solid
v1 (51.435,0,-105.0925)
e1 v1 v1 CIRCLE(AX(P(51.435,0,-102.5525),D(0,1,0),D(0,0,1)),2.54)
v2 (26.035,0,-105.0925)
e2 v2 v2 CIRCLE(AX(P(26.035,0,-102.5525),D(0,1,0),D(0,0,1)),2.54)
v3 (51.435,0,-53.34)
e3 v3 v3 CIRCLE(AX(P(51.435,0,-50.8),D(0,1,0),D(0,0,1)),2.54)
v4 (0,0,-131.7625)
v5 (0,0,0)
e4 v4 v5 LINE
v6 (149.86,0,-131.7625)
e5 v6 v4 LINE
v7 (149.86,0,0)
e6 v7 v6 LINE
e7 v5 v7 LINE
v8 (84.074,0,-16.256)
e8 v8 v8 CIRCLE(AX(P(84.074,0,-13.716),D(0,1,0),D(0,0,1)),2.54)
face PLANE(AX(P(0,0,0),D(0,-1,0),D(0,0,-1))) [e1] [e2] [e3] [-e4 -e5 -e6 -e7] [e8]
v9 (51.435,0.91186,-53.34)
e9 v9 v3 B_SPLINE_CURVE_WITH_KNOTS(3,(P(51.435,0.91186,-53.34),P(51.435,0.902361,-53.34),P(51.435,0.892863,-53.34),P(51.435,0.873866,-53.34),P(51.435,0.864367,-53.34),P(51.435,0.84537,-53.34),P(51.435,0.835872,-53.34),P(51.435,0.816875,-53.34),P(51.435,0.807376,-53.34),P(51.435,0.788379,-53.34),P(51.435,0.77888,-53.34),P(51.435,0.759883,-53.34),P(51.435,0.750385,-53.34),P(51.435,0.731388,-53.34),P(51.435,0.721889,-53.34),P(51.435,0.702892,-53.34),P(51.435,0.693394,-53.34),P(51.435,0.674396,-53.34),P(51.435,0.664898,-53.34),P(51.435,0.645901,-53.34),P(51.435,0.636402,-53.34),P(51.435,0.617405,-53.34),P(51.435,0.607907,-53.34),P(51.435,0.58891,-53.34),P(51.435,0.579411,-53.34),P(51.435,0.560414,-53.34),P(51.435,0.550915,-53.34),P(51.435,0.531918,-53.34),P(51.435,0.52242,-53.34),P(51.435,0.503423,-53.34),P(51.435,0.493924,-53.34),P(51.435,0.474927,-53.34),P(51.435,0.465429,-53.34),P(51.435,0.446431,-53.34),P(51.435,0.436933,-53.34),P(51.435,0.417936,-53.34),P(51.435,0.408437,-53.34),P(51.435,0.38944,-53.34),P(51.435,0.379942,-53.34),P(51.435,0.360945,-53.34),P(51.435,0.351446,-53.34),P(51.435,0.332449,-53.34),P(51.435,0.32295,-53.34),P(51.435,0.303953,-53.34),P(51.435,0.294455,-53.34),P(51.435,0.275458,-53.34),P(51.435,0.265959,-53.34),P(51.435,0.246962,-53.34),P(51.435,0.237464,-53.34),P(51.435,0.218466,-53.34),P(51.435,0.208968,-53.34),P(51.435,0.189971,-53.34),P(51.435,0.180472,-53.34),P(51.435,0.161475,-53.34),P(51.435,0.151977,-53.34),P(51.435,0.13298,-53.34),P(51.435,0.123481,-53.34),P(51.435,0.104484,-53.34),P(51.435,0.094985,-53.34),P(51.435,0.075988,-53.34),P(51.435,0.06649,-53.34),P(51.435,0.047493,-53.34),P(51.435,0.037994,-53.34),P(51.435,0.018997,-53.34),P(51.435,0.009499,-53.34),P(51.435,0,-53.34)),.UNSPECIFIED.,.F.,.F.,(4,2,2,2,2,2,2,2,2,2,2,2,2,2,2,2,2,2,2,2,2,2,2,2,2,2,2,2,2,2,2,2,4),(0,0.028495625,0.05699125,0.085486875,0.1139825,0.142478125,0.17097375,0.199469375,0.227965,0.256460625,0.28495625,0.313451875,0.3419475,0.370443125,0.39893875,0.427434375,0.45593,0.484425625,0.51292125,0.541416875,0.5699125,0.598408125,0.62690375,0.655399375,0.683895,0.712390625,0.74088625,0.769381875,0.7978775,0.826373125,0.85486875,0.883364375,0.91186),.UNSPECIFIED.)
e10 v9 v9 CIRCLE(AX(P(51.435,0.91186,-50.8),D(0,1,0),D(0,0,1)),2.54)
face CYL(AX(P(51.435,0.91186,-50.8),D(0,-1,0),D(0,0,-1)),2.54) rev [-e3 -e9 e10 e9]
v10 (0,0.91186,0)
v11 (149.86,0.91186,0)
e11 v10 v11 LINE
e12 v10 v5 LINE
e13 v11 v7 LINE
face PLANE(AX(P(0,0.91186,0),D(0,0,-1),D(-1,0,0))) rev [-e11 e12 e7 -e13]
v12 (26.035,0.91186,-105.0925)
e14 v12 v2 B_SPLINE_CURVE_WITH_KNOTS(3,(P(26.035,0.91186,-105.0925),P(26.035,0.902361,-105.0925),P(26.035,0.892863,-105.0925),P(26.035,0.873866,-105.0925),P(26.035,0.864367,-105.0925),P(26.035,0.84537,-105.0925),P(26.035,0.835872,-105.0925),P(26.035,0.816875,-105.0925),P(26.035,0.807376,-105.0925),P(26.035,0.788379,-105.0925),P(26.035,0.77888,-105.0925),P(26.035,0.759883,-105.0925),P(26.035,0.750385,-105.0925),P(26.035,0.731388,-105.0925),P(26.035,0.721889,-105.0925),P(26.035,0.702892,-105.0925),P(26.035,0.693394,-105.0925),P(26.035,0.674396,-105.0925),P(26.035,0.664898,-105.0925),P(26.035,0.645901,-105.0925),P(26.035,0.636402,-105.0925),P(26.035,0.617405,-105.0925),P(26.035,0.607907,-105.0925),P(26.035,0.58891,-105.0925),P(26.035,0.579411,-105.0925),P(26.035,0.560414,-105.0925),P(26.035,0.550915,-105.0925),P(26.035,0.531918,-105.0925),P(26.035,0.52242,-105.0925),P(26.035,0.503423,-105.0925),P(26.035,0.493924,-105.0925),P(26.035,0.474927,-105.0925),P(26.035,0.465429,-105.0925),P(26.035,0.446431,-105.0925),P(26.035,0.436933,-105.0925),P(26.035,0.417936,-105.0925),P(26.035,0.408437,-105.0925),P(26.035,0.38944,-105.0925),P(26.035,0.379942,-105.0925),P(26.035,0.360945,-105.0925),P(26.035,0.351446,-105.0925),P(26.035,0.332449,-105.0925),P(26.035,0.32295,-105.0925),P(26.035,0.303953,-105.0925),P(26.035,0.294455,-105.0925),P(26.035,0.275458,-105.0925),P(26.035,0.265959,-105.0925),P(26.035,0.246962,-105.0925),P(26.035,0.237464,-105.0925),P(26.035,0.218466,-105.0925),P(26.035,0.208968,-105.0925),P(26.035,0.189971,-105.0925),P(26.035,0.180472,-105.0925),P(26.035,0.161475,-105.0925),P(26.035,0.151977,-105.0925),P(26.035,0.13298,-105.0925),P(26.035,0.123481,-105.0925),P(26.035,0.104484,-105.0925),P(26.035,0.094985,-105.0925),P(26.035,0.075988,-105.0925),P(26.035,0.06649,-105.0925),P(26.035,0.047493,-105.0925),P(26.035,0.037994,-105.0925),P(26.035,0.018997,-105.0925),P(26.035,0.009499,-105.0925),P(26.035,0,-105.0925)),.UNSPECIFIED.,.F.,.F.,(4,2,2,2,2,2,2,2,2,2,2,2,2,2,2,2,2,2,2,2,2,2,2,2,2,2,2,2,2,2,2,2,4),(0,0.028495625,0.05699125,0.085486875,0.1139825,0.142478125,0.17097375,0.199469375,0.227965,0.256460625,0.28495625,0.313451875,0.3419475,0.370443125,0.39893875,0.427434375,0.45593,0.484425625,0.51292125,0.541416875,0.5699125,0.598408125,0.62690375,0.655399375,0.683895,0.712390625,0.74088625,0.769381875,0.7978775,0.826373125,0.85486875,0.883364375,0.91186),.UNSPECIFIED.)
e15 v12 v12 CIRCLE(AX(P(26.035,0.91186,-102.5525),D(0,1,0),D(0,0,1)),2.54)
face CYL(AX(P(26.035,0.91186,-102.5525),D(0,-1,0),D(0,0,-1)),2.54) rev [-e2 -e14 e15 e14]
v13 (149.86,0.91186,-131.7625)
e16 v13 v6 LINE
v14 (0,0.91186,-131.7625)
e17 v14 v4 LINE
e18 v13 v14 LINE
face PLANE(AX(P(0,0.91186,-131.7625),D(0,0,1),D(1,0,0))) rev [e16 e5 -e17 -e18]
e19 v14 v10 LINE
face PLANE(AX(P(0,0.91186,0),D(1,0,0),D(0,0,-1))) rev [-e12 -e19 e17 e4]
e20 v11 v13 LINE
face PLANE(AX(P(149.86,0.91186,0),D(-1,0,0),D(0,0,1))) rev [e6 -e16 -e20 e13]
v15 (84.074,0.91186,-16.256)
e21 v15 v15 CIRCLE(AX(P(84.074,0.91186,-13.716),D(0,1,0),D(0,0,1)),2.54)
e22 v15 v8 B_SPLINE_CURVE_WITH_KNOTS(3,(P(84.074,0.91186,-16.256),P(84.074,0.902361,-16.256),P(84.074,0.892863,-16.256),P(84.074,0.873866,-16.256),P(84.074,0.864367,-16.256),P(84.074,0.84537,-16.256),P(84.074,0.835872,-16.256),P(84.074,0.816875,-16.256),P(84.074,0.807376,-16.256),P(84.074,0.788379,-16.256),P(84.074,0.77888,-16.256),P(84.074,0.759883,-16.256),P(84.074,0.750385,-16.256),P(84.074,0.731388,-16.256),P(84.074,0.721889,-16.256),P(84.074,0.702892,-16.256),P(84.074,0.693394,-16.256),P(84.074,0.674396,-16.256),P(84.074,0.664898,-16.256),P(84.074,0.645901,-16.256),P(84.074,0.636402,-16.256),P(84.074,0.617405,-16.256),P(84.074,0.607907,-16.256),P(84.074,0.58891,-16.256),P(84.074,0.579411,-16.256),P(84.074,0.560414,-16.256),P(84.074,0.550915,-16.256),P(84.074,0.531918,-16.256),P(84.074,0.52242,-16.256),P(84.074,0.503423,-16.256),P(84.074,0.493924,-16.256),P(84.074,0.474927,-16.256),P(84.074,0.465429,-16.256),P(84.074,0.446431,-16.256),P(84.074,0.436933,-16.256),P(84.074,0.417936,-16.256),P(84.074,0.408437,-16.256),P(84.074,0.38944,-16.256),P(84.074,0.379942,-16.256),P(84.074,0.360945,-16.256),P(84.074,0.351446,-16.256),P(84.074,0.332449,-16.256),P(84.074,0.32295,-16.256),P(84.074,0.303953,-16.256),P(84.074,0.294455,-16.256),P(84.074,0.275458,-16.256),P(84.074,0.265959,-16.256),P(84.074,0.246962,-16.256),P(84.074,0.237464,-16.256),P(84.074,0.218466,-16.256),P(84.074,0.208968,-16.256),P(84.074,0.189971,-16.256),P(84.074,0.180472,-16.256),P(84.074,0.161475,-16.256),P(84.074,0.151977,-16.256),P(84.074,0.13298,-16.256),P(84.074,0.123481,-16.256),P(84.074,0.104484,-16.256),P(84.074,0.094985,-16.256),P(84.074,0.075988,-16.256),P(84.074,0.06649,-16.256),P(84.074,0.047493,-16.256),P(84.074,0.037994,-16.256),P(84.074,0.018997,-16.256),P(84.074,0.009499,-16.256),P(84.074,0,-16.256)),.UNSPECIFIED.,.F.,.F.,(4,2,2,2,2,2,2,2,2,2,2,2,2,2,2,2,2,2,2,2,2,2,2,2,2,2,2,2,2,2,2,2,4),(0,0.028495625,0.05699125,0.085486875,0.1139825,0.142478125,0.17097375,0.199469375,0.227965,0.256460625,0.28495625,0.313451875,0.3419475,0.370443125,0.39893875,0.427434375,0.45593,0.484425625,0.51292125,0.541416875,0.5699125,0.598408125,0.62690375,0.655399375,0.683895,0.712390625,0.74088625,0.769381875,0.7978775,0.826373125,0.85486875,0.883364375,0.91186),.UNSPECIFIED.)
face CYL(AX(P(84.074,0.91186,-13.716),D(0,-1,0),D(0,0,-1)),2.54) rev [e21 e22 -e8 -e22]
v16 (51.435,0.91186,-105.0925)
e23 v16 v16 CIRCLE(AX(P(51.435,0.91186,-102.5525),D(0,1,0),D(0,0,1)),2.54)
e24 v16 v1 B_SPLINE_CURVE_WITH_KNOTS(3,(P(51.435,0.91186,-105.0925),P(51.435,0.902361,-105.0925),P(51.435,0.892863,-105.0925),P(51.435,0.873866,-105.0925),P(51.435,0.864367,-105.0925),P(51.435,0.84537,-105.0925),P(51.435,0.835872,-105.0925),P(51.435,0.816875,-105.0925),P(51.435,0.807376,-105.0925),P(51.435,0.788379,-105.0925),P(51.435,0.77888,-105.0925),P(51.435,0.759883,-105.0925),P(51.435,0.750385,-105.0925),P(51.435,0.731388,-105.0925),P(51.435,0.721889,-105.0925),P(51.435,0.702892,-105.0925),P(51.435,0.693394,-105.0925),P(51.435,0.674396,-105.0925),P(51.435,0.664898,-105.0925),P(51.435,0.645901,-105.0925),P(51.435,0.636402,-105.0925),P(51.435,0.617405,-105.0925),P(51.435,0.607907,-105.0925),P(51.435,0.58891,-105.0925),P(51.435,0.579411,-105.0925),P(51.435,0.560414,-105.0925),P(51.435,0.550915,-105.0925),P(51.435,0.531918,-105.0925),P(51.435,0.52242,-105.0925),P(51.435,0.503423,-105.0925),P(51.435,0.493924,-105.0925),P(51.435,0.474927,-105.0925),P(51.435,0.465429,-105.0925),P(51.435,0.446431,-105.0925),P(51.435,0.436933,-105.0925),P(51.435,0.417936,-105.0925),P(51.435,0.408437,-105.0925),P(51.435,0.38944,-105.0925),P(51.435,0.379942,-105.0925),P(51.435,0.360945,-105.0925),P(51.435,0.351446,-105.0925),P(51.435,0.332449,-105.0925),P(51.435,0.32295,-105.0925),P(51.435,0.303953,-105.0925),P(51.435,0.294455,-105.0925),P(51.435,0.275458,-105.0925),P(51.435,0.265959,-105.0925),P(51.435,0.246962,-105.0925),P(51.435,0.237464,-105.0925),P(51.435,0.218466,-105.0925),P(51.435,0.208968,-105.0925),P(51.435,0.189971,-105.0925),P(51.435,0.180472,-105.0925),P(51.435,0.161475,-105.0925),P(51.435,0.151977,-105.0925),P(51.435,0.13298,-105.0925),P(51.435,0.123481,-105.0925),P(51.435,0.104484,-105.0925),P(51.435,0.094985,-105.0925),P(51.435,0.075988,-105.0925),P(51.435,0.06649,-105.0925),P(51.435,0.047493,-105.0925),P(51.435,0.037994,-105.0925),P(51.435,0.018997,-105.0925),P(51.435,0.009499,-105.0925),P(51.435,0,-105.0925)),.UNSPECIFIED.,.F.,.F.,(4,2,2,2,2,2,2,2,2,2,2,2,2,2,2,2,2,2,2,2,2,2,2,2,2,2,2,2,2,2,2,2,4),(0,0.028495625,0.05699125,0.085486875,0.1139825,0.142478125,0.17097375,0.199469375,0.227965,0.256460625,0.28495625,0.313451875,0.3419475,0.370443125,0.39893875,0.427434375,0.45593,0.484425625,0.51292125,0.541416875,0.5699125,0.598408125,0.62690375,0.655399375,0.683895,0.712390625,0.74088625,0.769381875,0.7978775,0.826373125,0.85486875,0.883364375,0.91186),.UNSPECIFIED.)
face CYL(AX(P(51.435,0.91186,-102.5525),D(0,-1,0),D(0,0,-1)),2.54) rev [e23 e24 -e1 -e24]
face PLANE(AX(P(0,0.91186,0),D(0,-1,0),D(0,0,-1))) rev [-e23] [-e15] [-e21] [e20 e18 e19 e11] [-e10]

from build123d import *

# Parameters (mm, degrees)
SKETCH1_W           = 149.86
SKETCH1_H           = 131.7625
SKETCH1_R           = 2.54
BOSS_EXTRUDE1_DEPTH = 0.91186


with BuildPart() as part:
    # Sketch1 → Boss-Extrude1 (new body)
    with BuildSketch(Plane(origin=(0, 0, 0), x_dir=(1, 0, 0), z_dir=(0, 1, 0))):
        with Locations((74.93, 65.88125)):
            Rectangle(SKETCH1_W, SKETCH1_H)
        with Locations(Location((51.435, 50.8, 0), (0, 0, 90))):
            Circle(SKETCH1_R, mode=Mode.SUBTRACT)
        with Locations(Location((26.035, 102.5525, 0), (0, 0, 90))):
            Circle(SKETCH1_R, mode=Mode.SUBTRACT)
        with Locations(Location((51.435, 102.5525, 0), (0, 0, 90))):
            Circle(SKETCH1_R, mode=Mode.SUBTRACT)
        with Locations(Location((84.074, 13.716, 0), (0, 0, 90))):
            Circle(SKETCH1_R, mode=Mode.SUBTRACT)
    extrude(amount=BOSS_EXTRUDE1_DEPTH)


solid = part.part
